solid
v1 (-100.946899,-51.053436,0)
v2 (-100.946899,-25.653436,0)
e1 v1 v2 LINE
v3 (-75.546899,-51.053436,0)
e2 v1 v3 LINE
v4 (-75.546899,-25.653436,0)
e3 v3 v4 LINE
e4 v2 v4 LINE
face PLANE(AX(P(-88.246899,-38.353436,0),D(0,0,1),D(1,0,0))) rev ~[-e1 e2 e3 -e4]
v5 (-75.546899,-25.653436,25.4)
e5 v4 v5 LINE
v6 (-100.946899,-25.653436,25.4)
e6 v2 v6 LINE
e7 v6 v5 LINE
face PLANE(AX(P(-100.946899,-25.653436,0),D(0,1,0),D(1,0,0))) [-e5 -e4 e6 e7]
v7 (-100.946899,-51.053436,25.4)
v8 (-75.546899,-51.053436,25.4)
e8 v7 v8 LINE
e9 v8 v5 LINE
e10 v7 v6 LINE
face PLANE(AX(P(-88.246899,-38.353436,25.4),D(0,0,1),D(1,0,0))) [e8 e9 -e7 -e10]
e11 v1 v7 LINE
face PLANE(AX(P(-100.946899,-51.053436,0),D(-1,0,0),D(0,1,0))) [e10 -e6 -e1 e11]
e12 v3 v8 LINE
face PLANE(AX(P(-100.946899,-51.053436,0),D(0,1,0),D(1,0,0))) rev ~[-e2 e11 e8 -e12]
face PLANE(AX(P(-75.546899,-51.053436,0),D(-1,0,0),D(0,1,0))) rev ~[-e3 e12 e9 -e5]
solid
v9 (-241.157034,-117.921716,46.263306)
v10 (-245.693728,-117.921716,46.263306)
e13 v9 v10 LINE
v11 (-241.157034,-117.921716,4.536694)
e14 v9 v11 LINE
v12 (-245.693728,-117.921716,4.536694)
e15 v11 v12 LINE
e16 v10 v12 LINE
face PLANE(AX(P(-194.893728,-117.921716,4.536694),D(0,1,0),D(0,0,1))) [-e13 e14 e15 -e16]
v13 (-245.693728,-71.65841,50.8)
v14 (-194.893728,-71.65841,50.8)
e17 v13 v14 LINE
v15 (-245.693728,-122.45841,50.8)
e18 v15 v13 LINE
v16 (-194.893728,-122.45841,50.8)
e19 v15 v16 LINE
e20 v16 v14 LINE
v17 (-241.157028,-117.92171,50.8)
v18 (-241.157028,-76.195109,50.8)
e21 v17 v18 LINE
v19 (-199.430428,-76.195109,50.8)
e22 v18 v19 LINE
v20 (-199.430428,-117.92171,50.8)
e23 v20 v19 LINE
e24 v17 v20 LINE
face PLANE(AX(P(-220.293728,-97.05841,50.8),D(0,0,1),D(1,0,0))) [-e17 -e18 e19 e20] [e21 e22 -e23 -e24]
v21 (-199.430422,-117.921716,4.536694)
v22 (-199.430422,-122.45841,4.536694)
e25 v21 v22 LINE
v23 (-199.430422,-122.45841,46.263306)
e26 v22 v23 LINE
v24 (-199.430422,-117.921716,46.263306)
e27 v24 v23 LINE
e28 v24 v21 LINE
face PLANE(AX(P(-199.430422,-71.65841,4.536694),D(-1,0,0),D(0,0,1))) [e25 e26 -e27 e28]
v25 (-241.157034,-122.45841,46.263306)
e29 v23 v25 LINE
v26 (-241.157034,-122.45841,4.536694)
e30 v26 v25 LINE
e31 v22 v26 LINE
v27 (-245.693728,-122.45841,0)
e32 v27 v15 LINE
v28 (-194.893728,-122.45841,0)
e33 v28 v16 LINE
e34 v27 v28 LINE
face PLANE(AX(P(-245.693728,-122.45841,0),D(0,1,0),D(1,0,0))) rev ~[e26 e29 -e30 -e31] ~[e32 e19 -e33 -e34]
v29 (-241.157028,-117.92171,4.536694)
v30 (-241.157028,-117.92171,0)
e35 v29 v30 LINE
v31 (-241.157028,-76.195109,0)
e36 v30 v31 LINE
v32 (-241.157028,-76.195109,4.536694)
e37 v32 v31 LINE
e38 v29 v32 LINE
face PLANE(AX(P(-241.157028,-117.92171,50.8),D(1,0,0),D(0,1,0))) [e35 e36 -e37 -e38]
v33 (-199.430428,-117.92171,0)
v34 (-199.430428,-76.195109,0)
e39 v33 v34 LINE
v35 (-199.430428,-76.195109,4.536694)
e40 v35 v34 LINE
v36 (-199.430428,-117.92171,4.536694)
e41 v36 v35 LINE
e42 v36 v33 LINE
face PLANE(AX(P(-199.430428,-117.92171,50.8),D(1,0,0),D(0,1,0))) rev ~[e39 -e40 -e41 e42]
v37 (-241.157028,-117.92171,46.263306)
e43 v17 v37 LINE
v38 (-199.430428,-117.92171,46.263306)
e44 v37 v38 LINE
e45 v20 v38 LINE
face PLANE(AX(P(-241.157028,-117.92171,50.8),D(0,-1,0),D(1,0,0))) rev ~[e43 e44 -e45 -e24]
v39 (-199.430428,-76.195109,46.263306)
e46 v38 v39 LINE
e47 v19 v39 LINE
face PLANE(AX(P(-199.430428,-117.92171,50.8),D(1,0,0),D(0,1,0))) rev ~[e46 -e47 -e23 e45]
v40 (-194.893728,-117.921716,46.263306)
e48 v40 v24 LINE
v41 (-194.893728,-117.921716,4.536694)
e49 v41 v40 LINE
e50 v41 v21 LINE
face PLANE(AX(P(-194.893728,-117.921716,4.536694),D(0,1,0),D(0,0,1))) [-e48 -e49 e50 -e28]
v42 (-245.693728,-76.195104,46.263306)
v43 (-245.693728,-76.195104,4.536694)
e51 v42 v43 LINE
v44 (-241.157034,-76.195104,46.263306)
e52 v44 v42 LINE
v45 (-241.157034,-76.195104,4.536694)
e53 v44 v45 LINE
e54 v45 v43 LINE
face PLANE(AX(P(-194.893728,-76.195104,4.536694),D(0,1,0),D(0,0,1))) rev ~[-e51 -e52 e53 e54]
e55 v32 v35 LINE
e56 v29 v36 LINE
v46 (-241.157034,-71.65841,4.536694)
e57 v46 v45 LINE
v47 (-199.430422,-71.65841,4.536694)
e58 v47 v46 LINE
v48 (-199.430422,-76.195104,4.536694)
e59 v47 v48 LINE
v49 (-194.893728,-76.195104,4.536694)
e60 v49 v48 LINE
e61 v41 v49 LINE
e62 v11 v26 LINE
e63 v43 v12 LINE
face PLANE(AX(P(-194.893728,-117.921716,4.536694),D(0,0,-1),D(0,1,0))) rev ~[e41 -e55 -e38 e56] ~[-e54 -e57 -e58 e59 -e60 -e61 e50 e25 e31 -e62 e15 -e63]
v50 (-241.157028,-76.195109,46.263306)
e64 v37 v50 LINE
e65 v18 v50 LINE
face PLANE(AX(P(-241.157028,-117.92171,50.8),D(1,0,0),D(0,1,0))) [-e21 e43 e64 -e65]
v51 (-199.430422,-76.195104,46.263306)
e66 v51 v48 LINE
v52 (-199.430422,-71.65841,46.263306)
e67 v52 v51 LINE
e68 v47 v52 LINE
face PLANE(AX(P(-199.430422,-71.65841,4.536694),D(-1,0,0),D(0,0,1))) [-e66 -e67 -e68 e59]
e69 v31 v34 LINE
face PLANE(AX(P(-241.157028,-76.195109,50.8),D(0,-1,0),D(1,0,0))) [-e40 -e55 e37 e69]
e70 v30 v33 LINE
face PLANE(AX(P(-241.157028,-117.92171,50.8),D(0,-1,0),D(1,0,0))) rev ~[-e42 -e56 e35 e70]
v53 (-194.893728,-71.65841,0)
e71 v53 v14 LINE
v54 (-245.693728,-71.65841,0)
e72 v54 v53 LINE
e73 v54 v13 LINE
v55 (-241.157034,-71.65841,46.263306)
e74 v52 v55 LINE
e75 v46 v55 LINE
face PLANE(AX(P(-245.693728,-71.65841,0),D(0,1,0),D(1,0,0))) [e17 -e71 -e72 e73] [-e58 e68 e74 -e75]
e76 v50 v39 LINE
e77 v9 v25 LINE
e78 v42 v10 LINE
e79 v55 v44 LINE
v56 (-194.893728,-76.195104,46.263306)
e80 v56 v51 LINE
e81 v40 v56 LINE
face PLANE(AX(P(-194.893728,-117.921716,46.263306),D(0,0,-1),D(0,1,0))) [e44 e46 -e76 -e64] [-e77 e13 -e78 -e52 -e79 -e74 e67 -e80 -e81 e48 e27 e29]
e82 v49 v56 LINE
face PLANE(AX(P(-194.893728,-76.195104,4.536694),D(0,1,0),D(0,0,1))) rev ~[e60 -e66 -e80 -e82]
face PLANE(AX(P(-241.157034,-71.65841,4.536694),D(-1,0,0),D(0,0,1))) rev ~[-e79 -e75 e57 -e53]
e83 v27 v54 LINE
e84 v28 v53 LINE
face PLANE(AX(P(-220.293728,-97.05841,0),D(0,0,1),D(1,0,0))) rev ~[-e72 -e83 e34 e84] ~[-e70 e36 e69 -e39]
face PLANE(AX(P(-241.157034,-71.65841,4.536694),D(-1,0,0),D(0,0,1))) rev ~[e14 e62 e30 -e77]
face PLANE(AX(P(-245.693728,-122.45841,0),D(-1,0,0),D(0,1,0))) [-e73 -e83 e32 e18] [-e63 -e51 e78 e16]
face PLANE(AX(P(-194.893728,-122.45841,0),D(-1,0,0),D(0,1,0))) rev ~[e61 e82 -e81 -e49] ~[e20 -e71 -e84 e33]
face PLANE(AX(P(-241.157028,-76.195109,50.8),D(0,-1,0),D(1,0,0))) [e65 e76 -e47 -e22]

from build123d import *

# Parameters (mm, degrees)
F0_W     = 25.4
F0_H     = 25.4
F1_DEPTH = 25.4
F2_W     = 50.8
F2_H     = 50.8
F3_DEPTH = 50.8
F4_W     = 41.726601
F4_H     = 41.726601
F5_DEPTH = 56.134
F6_W     = 41.726612
F6_H     = 41.726612
F7_DEPTH = 116.586
F8_W     = 41.726612
F8_H     = 41.726612
F9_DEPTH = 113.792


with BuildPart() as f1:
    # F0 (on Top) → F1 (new body)
    with BuildSketch(Plane.XY):
        with Locations((-88.246899, -38.353436)):
            Rectangle(F0_W, F0_H)
    extrude(amount=F1_DEPTH)


with BuildPart() as f3:
    # F2 (on Top) → F3 (new body)
    with BuildSketch(Plane.XY):
        with Locations((-220.293728, -97.05841)):
            Rectangle(F2_W, F2_H)
    extrude(amount=F3_DEPTH)

    # F4 (on face) → F5 (cut)
    with BuildSketch(Plane.XY.offset(50.8)):
        with Locations((-220.293728, -97.058409)):
            Rectangle(F4_W, F4_H)
    extrude(amount=-F5_DEPTH, mode=Mode.SUBTRACT)

    # F6 (on face) → F7 (cut)
    with BuildSketch(Plane(origin=(0, -71.65841, 0), x_dir=(-1, 0, 0), z_dir=(0, 1, 0))):
        with Locations((220.293728, 25.4)):
            Rectangle(F6_W, F6_H)
    extrude(amount=-F7_DEPTH, mode=Mode.SUBTRACT)

    # F8 (on face) → F9 (cut)
    with BuildSketch(Plane.YZ.offset(-194.893728)):
        with Locations((-97.05841, 25.4)):
            Rectangle(F8_W, F8_H)
    extrude(amount=-F9_DEPTH, mode=Mode.SUBTRACT)


solid = Compound([f1.part, f3.part])
